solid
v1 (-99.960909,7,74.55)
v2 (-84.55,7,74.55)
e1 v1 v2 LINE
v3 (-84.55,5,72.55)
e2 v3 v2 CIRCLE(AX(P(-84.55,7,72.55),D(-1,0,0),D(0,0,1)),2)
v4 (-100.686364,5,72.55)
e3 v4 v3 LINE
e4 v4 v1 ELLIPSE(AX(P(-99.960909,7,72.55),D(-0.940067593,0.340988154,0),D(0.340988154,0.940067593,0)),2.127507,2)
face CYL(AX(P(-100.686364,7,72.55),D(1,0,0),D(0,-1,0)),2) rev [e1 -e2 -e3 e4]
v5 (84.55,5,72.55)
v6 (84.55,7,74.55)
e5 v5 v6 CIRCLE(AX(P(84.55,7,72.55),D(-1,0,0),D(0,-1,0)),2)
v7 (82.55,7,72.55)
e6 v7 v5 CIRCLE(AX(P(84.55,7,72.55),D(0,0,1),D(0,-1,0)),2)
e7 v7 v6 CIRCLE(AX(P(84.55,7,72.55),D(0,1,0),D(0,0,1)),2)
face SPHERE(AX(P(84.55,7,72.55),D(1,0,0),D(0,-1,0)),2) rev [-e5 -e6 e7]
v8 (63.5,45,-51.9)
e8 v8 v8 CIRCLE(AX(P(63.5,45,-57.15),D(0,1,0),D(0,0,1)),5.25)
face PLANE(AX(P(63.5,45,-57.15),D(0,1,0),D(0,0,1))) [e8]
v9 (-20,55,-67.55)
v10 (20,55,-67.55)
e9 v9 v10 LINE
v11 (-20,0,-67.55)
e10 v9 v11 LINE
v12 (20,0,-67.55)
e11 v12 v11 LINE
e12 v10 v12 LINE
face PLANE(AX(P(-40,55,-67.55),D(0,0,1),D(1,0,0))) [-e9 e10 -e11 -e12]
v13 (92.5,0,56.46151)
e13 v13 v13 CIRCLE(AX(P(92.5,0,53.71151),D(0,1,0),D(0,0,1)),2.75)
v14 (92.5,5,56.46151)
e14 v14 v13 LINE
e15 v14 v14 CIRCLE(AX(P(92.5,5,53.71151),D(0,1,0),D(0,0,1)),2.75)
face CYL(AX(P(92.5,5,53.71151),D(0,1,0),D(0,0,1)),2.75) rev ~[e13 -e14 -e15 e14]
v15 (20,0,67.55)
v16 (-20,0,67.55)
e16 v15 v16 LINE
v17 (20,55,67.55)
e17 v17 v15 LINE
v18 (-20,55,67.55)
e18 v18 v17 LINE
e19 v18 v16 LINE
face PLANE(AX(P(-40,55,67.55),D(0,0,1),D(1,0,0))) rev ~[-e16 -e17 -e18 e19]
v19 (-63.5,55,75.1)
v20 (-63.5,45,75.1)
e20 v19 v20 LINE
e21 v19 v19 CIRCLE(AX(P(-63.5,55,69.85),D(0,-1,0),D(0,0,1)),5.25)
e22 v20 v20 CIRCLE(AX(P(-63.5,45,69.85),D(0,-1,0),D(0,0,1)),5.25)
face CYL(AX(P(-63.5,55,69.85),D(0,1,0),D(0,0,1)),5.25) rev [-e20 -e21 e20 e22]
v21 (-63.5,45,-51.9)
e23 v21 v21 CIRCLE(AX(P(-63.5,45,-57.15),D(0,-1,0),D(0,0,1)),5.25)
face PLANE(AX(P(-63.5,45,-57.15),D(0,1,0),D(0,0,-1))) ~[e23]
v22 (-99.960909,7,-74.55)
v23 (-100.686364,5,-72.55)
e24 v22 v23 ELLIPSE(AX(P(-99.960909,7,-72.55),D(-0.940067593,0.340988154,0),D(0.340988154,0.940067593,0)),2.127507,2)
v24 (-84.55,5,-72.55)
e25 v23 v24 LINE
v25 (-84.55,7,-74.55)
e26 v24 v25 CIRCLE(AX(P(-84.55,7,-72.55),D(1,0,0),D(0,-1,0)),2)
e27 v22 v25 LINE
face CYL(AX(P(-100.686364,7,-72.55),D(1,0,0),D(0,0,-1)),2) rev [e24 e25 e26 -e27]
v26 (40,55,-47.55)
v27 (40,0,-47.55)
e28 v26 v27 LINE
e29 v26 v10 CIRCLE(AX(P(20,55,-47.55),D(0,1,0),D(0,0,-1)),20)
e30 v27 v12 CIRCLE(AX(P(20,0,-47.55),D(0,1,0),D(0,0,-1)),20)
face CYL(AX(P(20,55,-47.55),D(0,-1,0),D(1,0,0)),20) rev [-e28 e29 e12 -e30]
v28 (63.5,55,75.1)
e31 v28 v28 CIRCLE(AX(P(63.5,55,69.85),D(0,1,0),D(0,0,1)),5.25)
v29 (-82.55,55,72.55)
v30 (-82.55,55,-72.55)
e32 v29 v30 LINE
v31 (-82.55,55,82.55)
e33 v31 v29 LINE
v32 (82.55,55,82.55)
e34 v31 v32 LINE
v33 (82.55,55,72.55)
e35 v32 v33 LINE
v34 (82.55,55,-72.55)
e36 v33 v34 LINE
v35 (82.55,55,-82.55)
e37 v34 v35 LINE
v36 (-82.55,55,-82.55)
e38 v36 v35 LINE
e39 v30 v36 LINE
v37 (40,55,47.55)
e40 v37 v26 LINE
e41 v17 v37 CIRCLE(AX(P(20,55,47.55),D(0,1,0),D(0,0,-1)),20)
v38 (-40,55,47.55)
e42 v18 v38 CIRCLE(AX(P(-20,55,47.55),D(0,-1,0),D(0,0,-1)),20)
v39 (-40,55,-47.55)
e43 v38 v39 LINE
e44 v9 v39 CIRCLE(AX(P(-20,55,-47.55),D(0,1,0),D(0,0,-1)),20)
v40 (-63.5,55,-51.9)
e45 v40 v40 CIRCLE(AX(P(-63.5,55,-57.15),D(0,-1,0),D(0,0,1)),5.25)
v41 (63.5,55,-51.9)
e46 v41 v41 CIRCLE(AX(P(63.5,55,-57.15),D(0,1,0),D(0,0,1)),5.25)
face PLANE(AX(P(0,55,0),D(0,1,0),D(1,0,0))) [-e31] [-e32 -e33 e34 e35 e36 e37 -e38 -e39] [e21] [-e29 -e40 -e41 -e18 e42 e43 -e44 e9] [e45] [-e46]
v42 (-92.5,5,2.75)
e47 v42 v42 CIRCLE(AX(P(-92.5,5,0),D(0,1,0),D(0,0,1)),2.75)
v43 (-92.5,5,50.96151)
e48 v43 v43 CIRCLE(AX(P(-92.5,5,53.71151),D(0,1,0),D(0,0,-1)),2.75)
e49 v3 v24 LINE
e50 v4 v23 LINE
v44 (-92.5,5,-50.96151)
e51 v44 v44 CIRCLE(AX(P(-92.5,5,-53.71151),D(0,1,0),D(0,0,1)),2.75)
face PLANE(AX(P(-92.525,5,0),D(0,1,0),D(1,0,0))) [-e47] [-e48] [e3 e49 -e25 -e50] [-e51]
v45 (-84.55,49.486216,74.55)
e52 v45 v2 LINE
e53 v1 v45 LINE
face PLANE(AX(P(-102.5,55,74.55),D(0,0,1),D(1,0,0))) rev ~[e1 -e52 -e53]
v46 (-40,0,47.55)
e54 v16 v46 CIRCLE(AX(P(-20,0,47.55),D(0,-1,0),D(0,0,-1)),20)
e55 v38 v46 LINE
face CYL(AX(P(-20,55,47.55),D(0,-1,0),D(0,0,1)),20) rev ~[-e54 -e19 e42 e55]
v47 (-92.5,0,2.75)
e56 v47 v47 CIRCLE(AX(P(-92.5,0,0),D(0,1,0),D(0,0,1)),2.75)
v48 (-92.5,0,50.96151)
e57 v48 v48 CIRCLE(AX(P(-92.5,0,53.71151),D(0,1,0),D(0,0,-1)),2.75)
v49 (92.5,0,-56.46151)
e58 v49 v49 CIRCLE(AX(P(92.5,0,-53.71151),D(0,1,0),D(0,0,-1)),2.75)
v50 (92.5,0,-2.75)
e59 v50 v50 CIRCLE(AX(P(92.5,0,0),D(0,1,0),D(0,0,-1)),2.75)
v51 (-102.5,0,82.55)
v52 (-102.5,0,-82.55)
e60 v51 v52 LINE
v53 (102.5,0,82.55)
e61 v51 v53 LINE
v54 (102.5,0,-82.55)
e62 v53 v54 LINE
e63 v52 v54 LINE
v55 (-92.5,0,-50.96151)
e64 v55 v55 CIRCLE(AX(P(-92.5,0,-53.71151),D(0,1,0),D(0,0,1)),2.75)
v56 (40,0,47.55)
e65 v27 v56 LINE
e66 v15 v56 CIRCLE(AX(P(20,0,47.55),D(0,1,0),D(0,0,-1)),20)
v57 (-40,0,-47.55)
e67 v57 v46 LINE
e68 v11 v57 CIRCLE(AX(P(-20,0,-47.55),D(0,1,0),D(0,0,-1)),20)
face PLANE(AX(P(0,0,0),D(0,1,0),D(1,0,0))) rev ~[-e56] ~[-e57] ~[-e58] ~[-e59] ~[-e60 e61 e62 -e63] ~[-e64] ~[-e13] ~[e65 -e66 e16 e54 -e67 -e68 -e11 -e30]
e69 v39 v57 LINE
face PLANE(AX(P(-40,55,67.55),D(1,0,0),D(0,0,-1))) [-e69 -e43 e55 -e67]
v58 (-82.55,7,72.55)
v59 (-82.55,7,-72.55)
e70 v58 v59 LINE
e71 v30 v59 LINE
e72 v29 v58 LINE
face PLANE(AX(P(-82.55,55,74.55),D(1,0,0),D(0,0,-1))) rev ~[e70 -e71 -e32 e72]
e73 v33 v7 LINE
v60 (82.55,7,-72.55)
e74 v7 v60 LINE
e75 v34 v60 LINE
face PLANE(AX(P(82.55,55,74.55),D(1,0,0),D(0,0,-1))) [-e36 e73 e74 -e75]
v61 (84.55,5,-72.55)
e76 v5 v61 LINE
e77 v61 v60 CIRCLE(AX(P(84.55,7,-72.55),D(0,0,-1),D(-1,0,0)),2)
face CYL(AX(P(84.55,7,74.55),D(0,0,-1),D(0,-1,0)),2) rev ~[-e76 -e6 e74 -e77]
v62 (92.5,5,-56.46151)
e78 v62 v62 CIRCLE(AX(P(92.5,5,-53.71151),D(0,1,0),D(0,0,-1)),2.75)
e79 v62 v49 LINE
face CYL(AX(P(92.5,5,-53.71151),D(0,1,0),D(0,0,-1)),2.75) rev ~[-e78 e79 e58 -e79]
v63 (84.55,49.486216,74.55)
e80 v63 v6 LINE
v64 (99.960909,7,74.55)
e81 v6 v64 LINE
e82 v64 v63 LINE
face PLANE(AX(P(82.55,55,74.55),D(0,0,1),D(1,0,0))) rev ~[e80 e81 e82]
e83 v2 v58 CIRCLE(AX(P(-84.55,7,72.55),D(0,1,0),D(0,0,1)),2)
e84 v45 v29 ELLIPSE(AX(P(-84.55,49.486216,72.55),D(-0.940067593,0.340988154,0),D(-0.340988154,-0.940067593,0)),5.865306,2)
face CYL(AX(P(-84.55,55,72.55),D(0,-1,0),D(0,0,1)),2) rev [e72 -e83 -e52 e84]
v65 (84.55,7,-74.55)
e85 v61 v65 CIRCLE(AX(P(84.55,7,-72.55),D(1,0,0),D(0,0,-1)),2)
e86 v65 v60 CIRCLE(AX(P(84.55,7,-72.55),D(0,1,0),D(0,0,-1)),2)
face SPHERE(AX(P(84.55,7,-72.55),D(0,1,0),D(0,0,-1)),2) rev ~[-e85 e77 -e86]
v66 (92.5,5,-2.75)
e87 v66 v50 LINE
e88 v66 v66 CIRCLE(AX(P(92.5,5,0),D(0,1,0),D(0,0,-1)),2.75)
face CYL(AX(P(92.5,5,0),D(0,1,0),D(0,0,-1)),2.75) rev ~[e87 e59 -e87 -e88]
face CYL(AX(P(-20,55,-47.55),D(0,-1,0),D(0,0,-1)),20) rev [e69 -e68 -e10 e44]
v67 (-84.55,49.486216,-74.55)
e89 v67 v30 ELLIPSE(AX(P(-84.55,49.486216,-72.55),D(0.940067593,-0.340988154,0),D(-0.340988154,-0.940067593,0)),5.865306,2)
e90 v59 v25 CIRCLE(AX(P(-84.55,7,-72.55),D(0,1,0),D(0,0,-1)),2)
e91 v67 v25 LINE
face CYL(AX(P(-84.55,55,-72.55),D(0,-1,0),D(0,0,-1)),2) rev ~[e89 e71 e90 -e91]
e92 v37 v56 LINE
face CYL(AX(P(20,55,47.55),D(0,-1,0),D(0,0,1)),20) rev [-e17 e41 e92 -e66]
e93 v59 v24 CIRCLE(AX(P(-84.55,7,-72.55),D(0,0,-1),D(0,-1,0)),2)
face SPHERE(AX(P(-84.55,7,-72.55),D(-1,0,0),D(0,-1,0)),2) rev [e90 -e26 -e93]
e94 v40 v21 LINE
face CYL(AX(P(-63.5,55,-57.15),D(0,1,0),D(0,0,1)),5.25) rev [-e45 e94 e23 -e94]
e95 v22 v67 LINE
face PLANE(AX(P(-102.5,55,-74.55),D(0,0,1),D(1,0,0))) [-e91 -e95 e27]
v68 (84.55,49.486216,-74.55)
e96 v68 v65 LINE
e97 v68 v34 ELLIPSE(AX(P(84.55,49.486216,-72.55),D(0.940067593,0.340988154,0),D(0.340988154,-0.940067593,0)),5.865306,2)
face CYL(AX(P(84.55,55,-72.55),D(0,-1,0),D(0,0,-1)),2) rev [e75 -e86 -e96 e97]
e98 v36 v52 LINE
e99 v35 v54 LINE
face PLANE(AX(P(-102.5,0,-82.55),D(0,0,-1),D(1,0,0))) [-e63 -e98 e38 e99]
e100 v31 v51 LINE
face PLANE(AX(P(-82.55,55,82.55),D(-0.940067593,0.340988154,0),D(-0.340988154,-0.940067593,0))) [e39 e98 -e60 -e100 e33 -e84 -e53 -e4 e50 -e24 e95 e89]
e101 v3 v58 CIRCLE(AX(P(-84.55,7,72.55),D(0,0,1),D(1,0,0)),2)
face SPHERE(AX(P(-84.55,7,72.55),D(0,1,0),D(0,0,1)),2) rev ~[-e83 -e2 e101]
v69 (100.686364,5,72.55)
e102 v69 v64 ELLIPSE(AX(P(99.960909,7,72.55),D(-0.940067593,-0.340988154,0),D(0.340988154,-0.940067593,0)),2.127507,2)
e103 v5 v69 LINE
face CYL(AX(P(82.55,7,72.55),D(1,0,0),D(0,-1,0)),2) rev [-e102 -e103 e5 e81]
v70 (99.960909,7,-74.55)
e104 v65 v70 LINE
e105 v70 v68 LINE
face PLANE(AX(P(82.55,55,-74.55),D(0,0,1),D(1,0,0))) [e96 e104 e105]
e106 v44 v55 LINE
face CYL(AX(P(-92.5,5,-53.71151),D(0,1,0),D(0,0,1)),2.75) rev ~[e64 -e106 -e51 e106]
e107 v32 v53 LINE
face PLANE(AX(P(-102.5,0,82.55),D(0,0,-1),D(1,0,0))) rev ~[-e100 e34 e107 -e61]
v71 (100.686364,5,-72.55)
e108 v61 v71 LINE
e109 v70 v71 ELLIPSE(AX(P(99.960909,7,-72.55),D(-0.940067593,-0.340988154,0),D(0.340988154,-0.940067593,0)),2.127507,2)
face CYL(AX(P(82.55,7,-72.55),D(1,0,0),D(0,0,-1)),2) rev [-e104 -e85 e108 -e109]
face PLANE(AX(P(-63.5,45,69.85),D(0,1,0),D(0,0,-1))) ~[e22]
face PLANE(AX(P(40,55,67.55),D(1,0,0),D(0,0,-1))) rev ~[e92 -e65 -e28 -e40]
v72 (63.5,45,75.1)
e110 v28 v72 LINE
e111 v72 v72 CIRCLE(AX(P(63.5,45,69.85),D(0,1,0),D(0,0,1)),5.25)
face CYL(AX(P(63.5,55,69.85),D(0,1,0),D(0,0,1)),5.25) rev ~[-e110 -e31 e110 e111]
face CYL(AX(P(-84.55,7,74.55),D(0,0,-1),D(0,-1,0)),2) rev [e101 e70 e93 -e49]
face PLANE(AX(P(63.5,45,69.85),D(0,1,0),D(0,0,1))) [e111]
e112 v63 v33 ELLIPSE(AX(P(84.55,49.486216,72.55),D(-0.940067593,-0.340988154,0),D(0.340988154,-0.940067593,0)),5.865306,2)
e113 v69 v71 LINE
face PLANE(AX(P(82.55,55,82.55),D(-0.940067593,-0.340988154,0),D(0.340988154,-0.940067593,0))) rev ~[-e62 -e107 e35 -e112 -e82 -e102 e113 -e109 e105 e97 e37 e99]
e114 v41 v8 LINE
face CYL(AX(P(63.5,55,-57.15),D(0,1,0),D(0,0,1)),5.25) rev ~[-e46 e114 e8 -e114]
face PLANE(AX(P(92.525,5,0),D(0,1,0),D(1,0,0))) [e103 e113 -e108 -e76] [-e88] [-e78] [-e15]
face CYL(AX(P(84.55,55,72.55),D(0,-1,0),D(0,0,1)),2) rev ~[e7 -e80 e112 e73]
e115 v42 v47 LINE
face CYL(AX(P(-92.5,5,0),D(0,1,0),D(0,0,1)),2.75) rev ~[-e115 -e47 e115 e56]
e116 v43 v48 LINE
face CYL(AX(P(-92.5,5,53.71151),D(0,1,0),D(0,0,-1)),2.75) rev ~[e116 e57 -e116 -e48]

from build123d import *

# Parameters (mm, degrees)
SKETCH1_W           = 205
SKETCH1_H           = 165.1
BOSS_EXTRUDE1_DEPTH = 55
CUT_EXTRUDE1_REACH  = 203.964
SKETCH3_W           = 19.95
SKETCH3_H           = 149.1
CUT_EXTRUDE2_DEPTH  = 50
CUT_EXTRUDE3_REACH  = 142.786
SKETCH4_R           = 2.75
FILLET1_R           = 2
SKETCH5_R           = 5.25
CUT_EXTRUDE4_DEPTH  = 10
CUT_EXTRUDE5_REACH  = 144.639
SKETCH6_W           = 80
SKETCH6_H           = 135.1
FILLET2_R           = 20


with BuildPart() as part:
    # Sketch1 → Boss-Extrude1 (new body)
    with BuildSketch(Plane(origin=(0, 0, 0), x_dir=(1, 0, 0), z_dir=(0, 1, 0))):
        Rectangle(SKETCH1_W, SKETCH1_H)
    extrude(amount=BOSS_EXTRUDE1_DEPTH)

    # Sketch2 → Cut-Extrude1 (cut, up to next)
    with BuildSketch(Plane.XY.offset(82.55), mode=Mode.PRIVATE) as cut_extrude1_sk1:
        Polygon((82.55, 55), (102.5, 0), (102.5, 55), align=None)
    cut_extrude1_tool1 = extrude(cut_extrude1_sk1.sketch, amount=-CUT_EXTRUDE1_REACH, mode=Mode.PRIVATE) & part.part
    # Sketch2 → Cut-Extrude1 (cut, up to next)
    with BuildSketch(Plane.XY.offset(82.55), mode=Mode.PRIVATE) as cut_extrude1_sk2:
        Polygon((-82.55, 55), (-102.5, 0), (-102.5, 55), align=None)
    cut_extrude1_tool2 = extrude(cut_extrude1_sk2.sketch, amount=-CUT_EXTRUDE1_REACH, mode=Mode.PRIVATE) & part.part
    add(cut_extrude1_tool1.solids().sort_by_distance((95.85, 36.666667, 82.55))[0], mode=Mode.SUBTRACT)
    add(cut_extrude1_tool2.solids().sort_by_distance((-95.85, 36.666667, 82.55))[0], mode=Mode.SUBTRACT)

    # Sketch3 → Cut-Extrude2 (cut)
    with BuildSketch(Plane(origin=(0, 55, 0), x_dir=(1, 0, 0), z_dir=(0, 1, 0))):
        with Locations((-92.525, 0)):
            Rectangle(SKETCH3_W, SKETCH3_H)
        with Locations((92.525, 0)):
            Rectangle(SKETCH3_W, SKETCH3_H)
    extrude(amount=-CUT_EXTRUDE2_DEPTH, mode=Mode.SUBTRACT)

    # Sketch4 → Cut-Extrude3 (cut, up to next)
    with BuildSketch(Plane(origin=(0, 5, 0), x_dir=(1, 0, 0), z_dir=(0, 1, 0)), mode=Mode.PRIVATE) as cut_extrude3_sk1:
        with Locations(Location((-92.5, 53.71150957, 0), (0, 0, 270))):
            Circle(SKETCH4_R)
    cut_extrude3_tool1 = extrude(cut_extrude3_sk1.sketch, amount=-CUT_EXTRUDE3_REACH, mode=Mode.PRIVATE) & part.part
    # Sketch4 → Cut-Extrude3 (cut, up to next)
    with BuildSketch(Plane(origin=(0, 5, 0), x_dir=(1, 0, 0), z_dir=(0, 1, 0)), mode=Mode.PRIVATE) as cut_extrude3_sk2:
        with Locations(Location((-92.5, 0, 0), (0, 0, 270))):
            Circle(SKETCH4_R)
    cut_extrude3_tool2 = extrude(cut_extrude3_sk2.sketch, amount=-CUT_EXTRUDE3_REACH, mode=Mode.PRIVATE) & part.part
    # Sketch4 → Cut-Extrude3 (cut, up to next)
    with BuildSketch(Plane(origin=(0, 5, 0), x_dir=(1, 0, 0), z_dir=(0, 1, 0)), mode=Mode.PRIVATE) as cut_extrude3_sk3:
        with Locations(Location((-92.5, -53.71150957, 0), (0, 0, 90))):
            Circle(SKETCH4_R)
    cut_extrude3_tool3 = extrude(cut_extrude3_sk3.sketch, amount=-CUT_EXTRUDE3_REACH, mode=Mode.PRIVATE) & part.part
    # Sketch4 → Cut-Extrude3 (cut, up to next)
    with BuildSketch(Plane(origin=(0, 5, 0), x_dir=(1, 0, 0), z_dir=(0, 1, 0)), mode=Mode.PRIVATE) as cut_extrude3_sk4:
        with Locations(Location((92.5, -53.71150957, 0), (0, 0, 270))):
            Circle(SKETCH4_R)
    cut_extrude3_tool4 = extrude(cut_extrude3_sk4.sketch, amount=-CUT_EXTRUDE3_REACH, mode=Mode.PRIVATE) & part.part
    # Sketch4 → Cut-Extrude3 (cut, up to next)
    with BuildSketch(Plane(origin=(0, 5, 0), x_dir=(1, 0, 0), z_dir=(0, 1, 0)), mode=Mode.PRIVATE) as cut_extrude3_sk5:
        with Locations(Location((92.5, 0, 0), (0, 0, 90))):
            Circle(SKETCH4_R)
    cut_extrude3_tool5 = extrude(cut_extrude3_sk5.sketch, amount=-CUT_EXTRUDE3_REACH, mode=Mode.PRIVATE) & part.part
    # Sketch4 → Cut-Extrude3 (cut, up to next)
    with BuildSketch(Plane(origin=(0, 5, 0), x_dir=(1, 0, 0), z_dir=(0, 1, 0)), mode=Mode.PRIVATE) as cut_extrude3_sk6:
        with Locations(Location((92.5, 53.71150957, 0), (0, 0, 90))):
            Circle(SKETCH4_R)
    cut_extrude3_tool6 = extrude(cut_extrude3_sk6.sketch, amount=-CUT_EXTRUDE3_REACH, mode=Mode.PRIVATE) & part.part
    add(cut_extrude3_tool1.solids().sort_by_distance((-92.5, 5, -53.71151))[0], mode=Mode.SUBTRACT)
    add(cut_extrude3_tool2.solids().sort_by_distance((-92.5, 5, 0))[0], mode=Mode.SUBTRACT)
    add(cut_extrude3_tool3.solids().sort_by_distance((-92.5, 5, 53.71151))[0], mode=Mode.SUBTRACT)
    add(cut_extrude3_tool4.solids().sort_by_distance((92.5, 5, 53.71151))[0], mode=Mode.SUBTRACT)
    add(cut_extrude3_tool5.solids().sort_by_distance((92.5, 5, 0))[0], mode=Mode.SUBTRACT)
    add(cut_extrude3_tool6.solids().sort_by_distance((92.5, 5, -53.71151))[0], mode=Mode.SUBTRACT)

    # Fillet1
    fillet1_edges = [part.edges().sort_by_distance(p)[0] for p in [
        (-91.618181818, 5, -74.55),
        (-82.55, 30, 74.55),
        (-91.618181818, 5, 74.55),
        (-82.55, 5, 0),
        (-82.55, 30, -74.55),
        (91.618181818, 5, 74.55),
        (82.55, 30, -74.55),
        (91.618181818, 5, -74.55),
        (82.55, 5, 0),
        (82.55, 30, 74.55),
    ]]
    fillet(fillet1_edges, radius=FILLET1_R)

    # Sketch5 → Cut-Extrude4 (cut)
    with BuildSketch(Plane(origin=(0, 55, 0), x_dir=(1, 0, 0), z_dir=(0, 1, 0))):
        with Locations(Location((63.5, -69.85, 0), (0, 0, 270))):
            Circle(SKETCH5_R)
        with Locations(Location((63.5, 57.15, 0), (0, 0, 270))):
            Circle(SKETCH5_R)
    cut_extrude4 = extrude(amount=-CUT_EXTRUDE4_DEPTH, mode=Mode.SUBTRACT)

    # Mirror1: Cut-Extrude4 across plane
    add(cut_extrude4.mirror(Plane(origin=(0, 0, 0), x_dir=(0, 0, 1), z_dir=(1, 0, 0))), mode=Mode.SUBTRACT)

    # Sketch6 → Cut-Extrude5 (cut, up to next)
    with BuildSketch(Plane(origin=(0, 55, 0), x_dir=(1, 0, 0), z_dir=(0, 1, 0)), mode=Mode.PRIVATE) as cut_extrude5_sk1:
        Rectangle(SKETCH6_W, SKETCH6_H)
    cut_extrude5_tool1 = extrude(cut_extrude5_sk1.sketch, amount=-CUT_EXTRUDE5_REACH, mode=Mode.PRIVATE) & part.part
    add(cut_extrude5_tool1.solids().sort_by_distance((0, 55, 0))[0], mode=Mode.SUBTRACT)

    # Fillet2
    fillet2_edges = [part.edges().sort_by_distance(p)[0] for p in [
        (40, 27.5, -67.55),
        (40, 27.5, 67.55),
        (-40, 27.5, 67.55),
        (-40, 27.5, -67.55),
    ]]
    fillet(fillet2_edges, radius=FILLET2_R)


solid = part.part
